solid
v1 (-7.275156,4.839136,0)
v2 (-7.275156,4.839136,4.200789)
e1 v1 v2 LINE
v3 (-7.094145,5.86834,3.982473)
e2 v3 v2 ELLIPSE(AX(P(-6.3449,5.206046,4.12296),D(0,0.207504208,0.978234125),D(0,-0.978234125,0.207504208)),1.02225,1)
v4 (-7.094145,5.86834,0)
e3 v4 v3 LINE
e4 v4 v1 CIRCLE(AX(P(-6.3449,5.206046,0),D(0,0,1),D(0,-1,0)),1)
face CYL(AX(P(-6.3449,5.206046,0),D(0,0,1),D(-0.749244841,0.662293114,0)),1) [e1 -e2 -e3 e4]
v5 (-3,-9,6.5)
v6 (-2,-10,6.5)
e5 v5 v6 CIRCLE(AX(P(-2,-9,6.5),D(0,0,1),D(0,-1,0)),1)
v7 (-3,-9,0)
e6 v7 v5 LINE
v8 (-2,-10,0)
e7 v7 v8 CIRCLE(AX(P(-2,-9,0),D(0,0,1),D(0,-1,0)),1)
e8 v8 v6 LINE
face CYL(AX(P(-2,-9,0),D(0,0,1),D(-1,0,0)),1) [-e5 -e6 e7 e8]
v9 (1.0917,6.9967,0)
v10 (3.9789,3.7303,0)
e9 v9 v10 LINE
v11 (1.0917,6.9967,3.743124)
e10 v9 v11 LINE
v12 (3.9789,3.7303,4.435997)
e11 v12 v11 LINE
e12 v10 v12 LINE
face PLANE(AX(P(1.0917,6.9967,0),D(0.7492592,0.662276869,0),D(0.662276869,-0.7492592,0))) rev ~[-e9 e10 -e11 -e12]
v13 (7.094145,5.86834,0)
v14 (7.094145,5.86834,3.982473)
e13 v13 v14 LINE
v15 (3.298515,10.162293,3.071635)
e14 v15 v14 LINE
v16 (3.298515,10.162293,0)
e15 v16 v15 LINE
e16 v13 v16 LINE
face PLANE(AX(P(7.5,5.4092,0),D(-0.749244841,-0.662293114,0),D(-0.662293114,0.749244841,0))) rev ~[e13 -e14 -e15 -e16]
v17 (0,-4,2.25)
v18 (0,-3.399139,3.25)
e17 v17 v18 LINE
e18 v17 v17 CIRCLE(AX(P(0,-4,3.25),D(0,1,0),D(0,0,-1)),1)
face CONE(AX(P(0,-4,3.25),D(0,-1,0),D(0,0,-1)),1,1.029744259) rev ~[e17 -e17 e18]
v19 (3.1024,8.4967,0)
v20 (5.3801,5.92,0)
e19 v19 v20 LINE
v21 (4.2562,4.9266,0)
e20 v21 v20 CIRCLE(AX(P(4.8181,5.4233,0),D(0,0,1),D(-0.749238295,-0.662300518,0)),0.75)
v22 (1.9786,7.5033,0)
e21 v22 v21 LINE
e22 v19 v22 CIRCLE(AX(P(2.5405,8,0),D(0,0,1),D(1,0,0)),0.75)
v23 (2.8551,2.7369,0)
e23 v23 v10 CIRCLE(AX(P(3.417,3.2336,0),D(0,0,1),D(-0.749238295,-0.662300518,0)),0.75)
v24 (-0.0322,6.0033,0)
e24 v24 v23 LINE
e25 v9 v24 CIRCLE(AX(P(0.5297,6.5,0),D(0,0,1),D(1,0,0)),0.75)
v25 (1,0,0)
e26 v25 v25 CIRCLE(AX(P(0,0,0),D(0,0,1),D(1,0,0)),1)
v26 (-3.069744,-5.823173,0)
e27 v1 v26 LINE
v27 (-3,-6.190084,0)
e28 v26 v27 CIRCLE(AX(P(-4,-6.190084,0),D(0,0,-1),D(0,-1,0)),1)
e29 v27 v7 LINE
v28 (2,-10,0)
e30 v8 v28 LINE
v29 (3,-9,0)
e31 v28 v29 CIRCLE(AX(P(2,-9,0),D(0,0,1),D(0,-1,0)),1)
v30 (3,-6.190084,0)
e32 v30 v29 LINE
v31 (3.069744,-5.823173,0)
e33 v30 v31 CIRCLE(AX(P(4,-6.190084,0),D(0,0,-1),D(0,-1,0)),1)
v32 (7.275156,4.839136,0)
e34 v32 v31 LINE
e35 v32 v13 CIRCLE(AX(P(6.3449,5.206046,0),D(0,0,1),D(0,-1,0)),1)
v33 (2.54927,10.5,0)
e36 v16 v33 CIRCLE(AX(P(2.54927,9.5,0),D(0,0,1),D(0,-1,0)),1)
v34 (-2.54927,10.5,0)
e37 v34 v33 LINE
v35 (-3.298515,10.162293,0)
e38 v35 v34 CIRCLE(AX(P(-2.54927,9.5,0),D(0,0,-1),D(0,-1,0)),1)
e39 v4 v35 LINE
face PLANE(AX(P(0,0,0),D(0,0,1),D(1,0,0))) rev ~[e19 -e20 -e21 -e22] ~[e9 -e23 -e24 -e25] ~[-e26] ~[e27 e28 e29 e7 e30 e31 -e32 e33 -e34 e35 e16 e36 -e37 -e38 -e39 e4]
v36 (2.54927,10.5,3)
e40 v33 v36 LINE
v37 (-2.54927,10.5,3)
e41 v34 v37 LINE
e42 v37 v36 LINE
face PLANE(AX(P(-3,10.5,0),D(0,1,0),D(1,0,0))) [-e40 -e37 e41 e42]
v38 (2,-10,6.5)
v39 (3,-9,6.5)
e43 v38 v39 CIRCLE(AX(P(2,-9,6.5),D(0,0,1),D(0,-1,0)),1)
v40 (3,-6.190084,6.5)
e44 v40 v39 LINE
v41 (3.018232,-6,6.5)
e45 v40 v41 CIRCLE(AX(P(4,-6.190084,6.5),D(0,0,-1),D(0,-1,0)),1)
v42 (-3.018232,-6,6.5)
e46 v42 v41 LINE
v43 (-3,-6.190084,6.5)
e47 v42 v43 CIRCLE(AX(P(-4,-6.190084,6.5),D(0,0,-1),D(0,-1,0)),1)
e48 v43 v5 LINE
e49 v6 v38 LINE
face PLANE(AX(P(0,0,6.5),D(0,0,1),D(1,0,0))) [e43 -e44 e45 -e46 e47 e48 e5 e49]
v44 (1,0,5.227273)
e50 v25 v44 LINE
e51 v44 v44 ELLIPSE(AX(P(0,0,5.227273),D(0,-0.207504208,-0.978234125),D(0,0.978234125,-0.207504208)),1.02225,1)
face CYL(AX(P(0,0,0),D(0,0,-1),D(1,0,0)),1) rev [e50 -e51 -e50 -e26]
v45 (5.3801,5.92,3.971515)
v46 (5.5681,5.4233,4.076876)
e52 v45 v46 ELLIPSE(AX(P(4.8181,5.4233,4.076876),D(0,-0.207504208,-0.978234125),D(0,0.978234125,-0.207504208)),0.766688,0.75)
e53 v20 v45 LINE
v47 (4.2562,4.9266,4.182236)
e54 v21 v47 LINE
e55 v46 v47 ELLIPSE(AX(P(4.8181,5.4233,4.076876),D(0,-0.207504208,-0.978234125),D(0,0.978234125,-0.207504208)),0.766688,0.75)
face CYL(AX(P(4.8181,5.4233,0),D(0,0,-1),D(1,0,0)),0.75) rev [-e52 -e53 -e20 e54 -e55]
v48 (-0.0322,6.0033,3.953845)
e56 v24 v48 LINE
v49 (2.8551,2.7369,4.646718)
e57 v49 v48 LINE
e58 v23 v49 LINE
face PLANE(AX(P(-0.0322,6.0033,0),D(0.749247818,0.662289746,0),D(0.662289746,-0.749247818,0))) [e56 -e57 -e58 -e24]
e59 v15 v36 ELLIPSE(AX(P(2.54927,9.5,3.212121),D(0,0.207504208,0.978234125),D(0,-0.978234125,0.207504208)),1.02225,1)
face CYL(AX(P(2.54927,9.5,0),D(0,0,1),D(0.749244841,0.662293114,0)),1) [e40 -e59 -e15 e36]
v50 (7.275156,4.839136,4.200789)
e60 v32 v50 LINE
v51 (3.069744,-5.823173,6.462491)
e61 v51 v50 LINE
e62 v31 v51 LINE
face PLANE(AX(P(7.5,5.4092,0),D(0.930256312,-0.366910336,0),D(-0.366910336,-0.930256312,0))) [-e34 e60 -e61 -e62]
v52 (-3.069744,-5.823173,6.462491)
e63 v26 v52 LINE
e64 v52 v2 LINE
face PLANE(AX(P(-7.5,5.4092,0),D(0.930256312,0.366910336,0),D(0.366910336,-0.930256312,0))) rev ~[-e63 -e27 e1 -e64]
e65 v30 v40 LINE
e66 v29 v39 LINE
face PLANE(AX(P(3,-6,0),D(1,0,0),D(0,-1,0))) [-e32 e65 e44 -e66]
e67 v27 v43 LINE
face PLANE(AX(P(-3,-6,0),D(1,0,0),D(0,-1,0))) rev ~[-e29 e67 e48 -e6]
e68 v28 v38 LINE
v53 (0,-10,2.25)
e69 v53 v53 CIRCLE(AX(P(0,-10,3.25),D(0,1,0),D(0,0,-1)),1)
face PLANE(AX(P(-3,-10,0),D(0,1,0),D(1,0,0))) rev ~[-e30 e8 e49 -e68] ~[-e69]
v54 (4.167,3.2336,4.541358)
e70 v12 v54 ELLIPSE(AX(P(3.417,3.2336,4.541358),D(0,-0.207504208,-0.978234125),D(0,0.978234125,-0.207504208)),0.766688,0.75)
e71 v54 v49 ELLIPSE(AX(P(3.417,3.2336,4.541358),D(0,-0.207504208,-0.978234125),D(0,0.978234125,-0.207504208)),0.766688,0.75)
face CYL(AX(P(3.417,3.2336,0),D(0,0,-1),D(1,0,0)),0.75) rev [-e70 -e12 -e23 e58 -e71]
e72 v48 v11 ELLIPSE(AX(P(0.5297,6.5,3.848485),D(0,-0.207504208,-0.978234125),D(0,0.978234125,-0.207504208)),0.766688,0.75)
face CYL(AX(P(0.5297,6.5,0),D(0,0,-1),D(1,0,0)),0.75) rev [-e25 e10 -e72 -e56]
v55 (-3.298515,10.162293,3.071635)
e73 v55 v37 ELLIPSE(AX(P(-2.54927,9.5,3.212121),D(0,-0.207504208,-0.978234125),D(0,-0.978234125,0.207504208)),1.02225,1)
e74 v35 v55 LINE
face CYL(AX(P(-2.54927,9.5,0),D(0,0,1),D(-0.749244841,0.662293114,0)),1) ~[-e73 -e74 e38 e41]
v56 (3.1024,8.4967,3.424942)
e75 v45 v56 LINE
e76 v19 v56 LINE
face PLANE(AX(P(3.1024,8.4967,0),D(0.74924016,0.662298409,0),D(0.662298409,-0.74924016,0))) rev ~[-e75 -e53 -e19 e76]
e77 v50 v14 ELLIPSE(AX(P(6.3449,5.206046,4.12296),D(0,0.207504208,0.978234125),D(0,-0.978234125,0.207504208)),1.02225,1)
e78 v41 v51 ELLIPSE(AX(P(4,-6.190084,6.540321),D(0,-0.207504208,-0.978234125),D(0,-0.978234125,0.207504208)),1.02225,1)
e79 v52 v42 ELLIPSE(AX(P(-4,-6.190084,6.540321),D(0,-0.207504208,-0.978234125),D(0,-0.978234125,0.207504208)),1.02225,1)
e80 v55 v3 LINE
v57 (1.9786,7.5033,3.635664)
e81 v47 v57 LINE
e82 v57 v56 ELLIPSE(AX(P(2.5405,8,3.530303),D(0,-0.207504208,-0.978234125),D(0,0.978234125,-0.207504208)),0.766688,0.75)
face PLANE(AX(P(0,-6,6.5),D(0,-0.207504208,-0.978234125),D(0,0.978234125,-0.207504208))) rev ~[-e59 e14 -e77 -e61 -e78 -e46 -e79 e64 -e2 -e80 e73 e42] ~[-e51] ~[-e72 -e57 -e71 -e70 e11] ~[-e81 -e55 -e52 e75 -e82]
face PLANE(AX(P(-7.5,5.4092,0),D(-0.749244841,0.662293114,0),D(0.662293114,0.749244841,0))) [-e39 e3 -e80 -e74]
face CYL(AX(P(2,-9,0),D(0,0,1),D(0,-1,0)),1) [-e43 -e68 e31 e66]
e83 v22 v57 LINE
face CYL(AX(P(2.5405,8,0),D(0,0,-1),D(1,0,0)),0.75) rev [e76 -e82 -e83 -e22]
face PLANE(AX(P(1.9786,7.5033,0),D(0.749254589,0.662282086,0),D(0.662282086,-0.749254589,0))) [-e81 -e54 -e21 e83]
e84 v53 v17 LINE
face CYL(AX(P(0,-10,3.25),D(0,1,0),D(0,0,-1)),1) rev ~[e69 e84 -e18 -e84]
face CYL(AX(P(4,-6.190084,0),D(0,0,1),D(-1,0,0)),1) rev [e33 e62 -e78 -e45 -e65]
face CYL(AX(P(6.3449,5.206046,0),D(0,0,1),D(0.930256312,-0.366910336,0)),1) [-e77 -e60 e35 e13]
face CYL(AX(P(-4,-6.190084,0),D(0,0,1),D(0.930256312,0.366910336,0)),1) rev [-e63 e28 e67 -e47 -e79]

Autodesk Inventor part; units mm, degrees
ref_plane "YZ Plane" through (0, 0, 0) normal (1, 0, 0) x (0, 1, 0)
ref_plane "XZ Plane" through (0, 0, 0) normal (0, 1, 0) x (-1, 0, 0)
sketch "Base" plane through (0, 0, 0) normal (0, 0, 1) x (1, 0, 0)
  line L0 (-7.5, 5.4092) -> (-3, 10.5)
  line L1 (-3, -6) -> (-3, -10)
  line L2 (-7.5, 5.4092) -> (-3, -6)
  line L3 (0, 10.5) -> (0, -10) construction
  line L4 (7.5, 5.4092) -> (3, 10.5)
  line L5 (3, -6) -> (3, -10)
  line L6 (7.5, 5.4092) -> (3, -6)
  circle A0 centre (0, 0) radius 1
  line L7 (0.5297, 6.5) -> (3.417, 3.2336) construction
  line L8 (2.5405, 8) -> (4.8181, 5.4233) construction
  circle A1 centre (0.5297, 6.5) radius 0.75
  circle A2 centre (2.5405, 8) radius 0.75
  circle A3 centre (3.417, 3.2336) radius 0.75
  circle A4 centre (4.8181, 5.4233) radius 0.75
  line L9 (-3, 10.5) -> (3, 10.5)
  line L10 (-3, -10) -> (3, -10)
  line L11 (3.1024, 8.4967) -> (5.3801, 5.92)
  line L12 (1.9786, 7.5033) -> (4.2562, 4.9266)
  line L13 (1.0917, 6.9967) -> (3.9789, 3.7303)
  line L14 (-0.0322, 6.0033) -> (2.8551, 2.7369)
  dimension "d13" = 2
  dimension "d14" = 1.5
  dimension "d17" = 2
  dimension "d18" = 2.5
  dimension "d20" = 6
  dimension "d23" = 117
  dimension "d24" = 6
  dimension "d25" = 15
  dimension "d26" = 4
  dimension "d28" = 2.5
  dimension "d29" = 3
  dimension "d30" = 2.5
  dimension "d31" = 4
  dimension "d32" = 16.5
  dimension "d56" = 10
extrude "BaseFeature" add sketch "Base" along normal blind 6.5
ref_plane "MidPlane" through (0, -13.6061, 0) normal (-1, 0, 0) x (0, 0, -1)
sketch "SideProfile" plane through (0, -13.6061, 0) normal (-1, 0, 0) x (0, 0, -1)
  line L0 (0, -24.1061) -> (-6.5, -24.1061) projected
  line L1 (-6.5, -7.6061) -> (-3, -24.1061)
  line L2 (-3, -24.1061) -> (0, -24.1061)
  line L3 (0, -24.1061) -> (0, -7.6061)
  line L4 (-6.5, -3.6061) -> (-6.5, -7.6061)
  line L5 (-6.5, -3.6061) -> (0, -3.6061)
  line L6 (0, -3.6061) -> (0, -7.6061)
  dimension "d37" = 3
extrude "SideProfileFeature" cut sketch "SideProfile" along normal through all both and the other way through all keep common part
fillet "BaseFilletsFeature" radius 1 8 edges at (-3, 10.5, 1.5) (-7.5, 5.4092, 2.0399) (-3, -6, 3.25) (-3, -10, 3.25) (3, -10, 3.25) (3, -6, 3.25) (7.5, 5.4092, 2.0399) (3, 10.5, 1.5)
sketch "FrontHole" plane through (-2, -10, 6.5) normal (0, -1, 0) x (1, 0, 0)
  circle A0 centre (2, -3.25) radius 1.25
  line L0 (0, -6.5) -> (4, -6.5) projected
  line L1 (0, 0) -> (4, 0) projected
  line L2 (4, 0) -> (4, -6.5) projected
  line L3 (0, -6.5) -> (0, 0) projected
  dimension "d41" = 2.5
  dimension "d42" = 6.5
  dimension "d43" = 4
  dimension "d44" = 3.25
  dimension "d45" = 2
hole "FrontHoleFeature" at (0, -10, 3.25) direction (0, 1, 0) diameter 2 depth 6 tip angle 118
equation "\"d44\" = 0.5 * d42"
equation "\"d45\" = 0.5 * d43"
properties part number "ForearmPistonConnector"
